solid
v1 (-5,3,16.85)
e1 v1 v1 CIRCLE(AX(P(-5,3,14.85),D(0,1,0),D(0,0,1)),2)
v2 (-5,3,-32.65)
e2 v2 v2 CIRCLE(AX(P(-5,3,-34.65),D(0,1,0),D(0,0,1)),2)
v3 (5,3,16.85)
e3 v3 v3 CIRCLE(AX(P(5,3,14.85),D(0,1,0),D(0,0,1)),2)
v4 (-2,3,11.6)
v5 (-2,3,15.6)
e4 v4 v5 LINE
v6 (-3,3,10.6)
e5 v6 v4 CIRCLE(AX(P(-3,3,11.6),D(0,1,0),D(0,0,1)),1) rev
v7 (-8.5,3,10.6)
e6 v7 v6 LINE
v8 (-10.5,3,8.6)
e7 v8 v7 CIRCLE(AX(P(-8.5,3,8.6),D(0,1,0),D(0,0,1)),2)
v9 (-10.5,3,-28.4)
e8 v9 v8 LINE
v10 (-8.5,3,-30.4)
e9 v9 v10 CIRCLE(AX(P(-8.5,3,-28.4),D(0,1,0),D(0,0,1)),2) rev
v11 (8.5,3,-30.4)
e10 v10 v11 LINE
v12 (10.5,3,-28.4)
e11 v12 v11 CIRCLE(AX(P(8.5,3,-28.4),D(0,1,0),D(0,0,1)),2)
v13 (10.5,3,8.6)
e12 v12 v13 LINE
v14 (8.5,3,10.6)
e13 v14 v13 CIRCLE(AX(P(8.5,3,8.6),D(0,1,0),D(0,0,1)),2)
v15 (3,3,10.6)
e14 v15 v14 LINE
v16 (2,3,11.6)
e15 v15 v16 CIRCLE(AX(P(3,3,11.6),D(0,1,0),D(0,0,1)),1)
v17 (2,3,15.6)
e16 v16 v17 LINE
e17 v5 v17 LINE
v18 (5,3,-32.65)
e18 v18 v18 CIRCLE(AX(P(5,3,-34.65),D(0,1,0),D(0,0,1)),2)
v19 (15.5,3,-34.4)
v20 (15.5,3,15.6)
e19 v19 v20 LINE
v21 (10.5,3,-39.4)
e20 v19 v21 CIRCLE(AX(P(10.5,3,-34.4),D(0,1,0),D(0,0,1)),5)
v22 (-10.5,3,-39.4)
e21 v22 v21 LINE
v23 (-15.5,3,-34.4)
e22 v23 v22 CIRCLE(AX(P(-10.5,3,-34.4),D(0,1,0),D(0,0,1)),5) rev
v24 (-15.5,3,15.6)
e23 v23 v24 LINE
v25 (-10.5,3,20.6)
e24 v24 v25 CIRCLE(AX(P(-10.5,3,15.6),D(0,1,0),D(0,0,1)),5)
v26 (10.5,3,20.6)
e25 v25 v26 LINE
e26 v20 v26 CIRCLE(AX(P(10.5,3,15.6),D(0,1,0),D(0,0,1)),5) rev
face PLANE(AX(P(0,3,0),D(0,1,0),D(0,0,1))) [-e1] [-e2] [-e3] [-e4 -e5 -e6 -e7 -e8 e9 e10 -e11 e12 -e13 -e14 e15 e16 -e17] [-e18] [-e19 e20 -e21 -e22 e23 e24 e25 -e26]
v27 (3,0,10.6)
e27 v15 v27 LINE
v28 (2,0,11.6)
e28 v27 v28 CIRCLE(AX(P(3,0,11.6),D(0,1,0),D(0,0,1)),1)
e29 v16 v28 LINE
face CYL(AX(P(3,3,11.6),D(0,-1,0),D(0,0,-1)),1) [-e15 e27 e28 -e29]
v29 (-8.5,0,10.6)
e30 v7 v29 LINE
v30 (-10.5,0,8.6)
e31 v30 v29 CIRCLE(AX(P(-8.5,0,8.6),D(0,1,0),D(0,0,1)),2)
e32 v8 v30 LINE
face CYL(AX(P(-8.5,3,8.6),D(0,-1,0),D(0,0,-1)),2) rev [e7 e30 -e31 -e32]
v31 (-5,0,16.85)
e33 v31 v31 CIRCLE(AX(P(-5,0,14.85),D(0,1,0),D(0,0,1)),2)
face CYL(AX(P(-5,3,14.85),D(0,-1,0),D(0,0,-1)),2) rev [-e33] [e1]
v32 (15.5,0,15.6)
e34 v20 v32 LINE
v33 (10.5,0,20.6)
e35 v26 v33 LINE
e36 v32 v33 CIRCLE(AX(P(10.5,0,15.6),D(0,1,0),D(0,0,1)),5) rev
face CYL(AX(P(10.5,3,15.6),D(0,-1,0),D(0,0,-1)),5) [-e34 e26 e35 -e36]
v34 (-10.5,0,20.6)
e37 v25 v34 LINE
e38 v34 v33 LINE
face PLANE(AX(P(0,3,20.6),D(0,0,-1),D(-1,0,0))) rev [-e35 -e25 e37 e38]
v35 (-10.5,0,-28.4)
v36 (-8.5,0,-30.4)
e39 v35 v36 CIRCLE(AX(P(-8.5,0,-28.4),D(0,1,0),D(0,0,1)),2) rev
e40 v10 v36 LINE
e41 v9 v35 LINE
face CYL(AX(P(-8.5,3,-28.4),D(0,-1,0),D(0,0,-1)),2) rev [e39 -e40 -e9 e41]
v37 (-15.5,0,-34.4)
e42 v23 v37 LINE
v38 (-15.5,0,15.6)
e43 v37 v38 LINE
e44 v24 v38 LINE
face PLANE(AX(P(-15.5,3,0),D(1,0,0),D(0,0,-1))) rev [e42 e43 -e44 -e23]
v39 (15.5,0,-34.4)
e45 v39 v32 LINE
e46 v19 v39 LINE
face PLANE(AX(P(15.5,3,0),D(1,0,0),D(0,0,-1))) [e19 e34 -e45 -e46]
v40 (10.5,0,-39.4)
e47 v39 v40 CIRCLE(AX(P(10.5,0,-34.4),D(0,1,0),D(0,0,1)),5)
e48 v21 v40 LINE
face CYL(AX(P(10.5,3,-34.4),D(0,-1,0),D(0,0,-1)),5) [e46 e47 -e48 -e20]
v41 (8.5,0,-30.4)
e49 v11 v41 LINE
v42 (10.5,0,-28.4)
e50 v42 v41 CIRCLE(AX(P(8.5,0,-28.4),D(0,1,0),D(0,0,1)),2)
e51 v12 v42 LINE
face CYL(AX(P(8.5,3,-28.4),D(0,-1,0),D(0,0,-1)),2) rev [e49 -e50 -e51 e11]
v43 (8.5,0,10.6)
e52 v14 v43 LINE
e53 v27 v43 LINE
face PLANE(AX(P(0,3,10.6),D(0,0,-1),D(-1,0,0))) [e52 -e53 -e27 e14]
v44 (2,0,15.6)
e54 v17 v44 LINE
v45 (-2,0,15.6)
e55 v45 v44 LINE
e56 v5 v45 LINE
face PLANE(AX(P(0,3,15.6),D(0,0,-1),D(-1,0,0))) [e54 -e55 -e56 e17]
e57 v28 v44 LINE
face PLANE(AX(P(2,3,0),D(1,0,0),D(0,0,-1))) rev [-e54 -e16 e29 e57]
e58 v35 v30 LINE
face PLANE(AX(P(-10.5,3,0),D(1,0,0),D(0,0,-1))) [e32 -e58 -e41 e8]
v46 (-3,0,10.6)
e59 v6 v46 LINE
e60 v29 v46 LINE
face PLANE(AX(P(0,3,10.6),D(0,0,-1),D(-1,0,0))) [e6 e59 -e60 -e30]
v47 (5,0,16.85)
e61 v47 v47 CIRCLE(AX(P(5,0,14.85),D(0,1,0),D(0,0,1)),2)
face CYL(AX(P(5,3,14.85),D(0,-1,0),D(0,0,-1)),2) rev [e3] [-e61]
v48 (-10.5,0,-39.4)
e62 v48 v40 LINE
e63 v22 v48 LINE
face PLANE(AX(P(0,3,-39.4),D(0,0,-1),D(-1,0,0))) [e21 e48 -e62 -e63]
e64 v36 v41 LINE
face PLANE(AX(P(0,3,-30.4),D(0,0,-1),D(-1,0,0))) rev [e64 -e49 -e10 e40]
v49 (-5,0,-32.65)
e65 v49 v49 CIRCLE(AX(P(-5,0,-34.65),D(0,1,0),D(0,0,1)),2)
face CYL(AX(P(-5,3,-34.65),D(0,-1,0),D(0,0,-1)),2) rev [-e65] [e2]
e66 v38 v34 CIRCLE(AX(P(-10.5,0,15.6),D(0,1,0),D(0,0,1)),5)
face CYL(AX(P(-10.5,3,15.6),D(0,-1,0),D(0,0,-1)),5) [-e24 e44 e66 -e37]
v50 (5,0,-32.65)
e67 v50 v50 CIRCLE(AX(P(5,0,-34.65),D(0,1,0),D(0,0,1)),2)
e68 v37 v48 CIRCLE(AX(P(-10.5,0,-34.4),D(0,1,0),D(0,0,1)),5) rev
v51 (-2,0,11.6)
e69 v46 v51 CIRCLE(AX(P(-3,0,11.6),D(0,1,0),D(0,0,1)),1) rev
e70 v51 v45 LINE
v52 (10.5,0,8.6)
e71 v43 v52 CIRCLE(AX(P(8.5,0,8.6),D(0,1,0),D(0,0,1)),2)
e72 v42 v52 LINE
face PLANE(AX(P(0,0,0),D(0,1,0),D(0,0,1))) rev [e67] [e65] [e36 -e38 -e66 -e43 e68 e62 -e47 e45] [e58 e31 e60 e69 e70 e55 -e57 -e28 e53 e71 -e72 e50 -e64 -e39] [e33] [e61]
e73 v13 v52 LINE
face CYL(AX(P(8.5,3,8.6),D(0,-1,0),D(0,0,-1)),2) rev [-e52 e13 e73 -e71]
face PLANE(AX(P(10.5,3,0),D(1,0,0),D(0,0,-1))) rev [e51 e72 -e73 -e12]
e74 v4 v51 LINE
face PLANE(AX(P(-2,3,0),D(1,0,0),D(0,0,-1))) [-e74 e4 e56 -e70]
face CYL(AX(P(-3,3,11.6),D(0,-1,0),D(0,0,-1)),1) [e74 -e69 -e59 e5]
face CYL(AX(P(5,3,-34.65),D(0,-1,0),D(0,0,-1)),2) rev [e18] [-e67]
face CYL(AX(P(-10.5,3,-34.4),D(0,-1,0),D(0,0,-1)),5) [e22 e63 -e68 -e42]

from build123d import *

# Parameters (mm, degrees)
SKETCH1_R           = 2
BOSS_EXTRUDE1_DEPTH = 3


with BuildPart() as part:
    # Sketch1 → Boss-Extrude1 (new body)
    with BuildSketch(Plane(origin=(0, 0, 0), x_dir=(1, 0, 0), z_dir=(0, 1, 0))):
        with BuildLine():
            ThreePointArc((-15.5, 34.4), (-14.035533906, 37.935533906), (-10.5, 39.4))
            Line((-10.5, 39.4), (10.5, 39.4))
            ThreePointArc((10.5, 39.4), (14.035533906, 37.935533906), (15.5, 34.4))
            Line((15.5, 34.4), (15.5, -15.6))
            ThreePointArc((15.5, -15.6), (14.035533906, -19.135533906), (10.5, -20.6))
            Line((10.5, -20.6), (-10.5, -20.6))
            ThreePointArc((-10.5, -20.6), (-14.035533906, -19.135533906), (-15.5, -15.6))
            Line((-15.5, -15.6), (-15.5, 34.4))
        make_face()
        with Locations(Location((5, -14.85, 0), (0, 0, 270))):
            Circle(SKETCH1_R, mode=Mode.SUBTRACT)
        with Locations(Location((-5, -14.85, 0), (0, 0, 270))):
            Circle(SKETCH1_R, mode=Mode.SUBTRACT)
        with Locations(Location((5, 34.65, 0), (0, 0, 270))):
            Circle(SKETCH1_R, mode=Mode.SUBTRACT)
        with Locations(Location((-5, 34.65, 0), (0, 0, 270))):
            Circle(SKETCH1_R, mode=Mode.SUBTRACT)
        with BuildLine():
            ThreePointArc((-3, -10.6), (-2.292893219, -10.892893219), (-2, -11.6))
            Line((-2, -11.6), (-2, -15.6))
            Line((-2, -15.6), (2, -15.6))
            Line((2, -15.6), (2, -11.6))
            ThreePointArc((2, -11.6), (2.292893219, -10.892893219), (3, -10.6))
            Line((3, -10.6), (8.5, -10.6))
            ThreePointArc((8.5, -10.6), (9.914213562, -10.014213562), (10.5, -8.6))
            Line((10.5, -8.6), (10.5, 28.4))
            ThreePointArc((10.5, 28.4), (9.914213562, 29.814213562), (8.5, 30.4))
            Line((8.5, 30.4), (-8.5, 30.4))
            ThreePointArc((-8.5, 30.4), (-9.914213562, 29.814213562), (-10.5, 28.4))
            Line((-10.5, 28.4), (-10.5, -8.6))
            ThreePointArc((-10.5, -8.6), (-9.914213562, -10.014213562), (-8.5, -10.6))
            Line((-8.5, -10.6), (-3, -10.6))
        make_face(mode=Mode.SUBTRACT)
    extrude(amount=BOSS_EXTRUDE1_DEPTH)


solid = part.part
